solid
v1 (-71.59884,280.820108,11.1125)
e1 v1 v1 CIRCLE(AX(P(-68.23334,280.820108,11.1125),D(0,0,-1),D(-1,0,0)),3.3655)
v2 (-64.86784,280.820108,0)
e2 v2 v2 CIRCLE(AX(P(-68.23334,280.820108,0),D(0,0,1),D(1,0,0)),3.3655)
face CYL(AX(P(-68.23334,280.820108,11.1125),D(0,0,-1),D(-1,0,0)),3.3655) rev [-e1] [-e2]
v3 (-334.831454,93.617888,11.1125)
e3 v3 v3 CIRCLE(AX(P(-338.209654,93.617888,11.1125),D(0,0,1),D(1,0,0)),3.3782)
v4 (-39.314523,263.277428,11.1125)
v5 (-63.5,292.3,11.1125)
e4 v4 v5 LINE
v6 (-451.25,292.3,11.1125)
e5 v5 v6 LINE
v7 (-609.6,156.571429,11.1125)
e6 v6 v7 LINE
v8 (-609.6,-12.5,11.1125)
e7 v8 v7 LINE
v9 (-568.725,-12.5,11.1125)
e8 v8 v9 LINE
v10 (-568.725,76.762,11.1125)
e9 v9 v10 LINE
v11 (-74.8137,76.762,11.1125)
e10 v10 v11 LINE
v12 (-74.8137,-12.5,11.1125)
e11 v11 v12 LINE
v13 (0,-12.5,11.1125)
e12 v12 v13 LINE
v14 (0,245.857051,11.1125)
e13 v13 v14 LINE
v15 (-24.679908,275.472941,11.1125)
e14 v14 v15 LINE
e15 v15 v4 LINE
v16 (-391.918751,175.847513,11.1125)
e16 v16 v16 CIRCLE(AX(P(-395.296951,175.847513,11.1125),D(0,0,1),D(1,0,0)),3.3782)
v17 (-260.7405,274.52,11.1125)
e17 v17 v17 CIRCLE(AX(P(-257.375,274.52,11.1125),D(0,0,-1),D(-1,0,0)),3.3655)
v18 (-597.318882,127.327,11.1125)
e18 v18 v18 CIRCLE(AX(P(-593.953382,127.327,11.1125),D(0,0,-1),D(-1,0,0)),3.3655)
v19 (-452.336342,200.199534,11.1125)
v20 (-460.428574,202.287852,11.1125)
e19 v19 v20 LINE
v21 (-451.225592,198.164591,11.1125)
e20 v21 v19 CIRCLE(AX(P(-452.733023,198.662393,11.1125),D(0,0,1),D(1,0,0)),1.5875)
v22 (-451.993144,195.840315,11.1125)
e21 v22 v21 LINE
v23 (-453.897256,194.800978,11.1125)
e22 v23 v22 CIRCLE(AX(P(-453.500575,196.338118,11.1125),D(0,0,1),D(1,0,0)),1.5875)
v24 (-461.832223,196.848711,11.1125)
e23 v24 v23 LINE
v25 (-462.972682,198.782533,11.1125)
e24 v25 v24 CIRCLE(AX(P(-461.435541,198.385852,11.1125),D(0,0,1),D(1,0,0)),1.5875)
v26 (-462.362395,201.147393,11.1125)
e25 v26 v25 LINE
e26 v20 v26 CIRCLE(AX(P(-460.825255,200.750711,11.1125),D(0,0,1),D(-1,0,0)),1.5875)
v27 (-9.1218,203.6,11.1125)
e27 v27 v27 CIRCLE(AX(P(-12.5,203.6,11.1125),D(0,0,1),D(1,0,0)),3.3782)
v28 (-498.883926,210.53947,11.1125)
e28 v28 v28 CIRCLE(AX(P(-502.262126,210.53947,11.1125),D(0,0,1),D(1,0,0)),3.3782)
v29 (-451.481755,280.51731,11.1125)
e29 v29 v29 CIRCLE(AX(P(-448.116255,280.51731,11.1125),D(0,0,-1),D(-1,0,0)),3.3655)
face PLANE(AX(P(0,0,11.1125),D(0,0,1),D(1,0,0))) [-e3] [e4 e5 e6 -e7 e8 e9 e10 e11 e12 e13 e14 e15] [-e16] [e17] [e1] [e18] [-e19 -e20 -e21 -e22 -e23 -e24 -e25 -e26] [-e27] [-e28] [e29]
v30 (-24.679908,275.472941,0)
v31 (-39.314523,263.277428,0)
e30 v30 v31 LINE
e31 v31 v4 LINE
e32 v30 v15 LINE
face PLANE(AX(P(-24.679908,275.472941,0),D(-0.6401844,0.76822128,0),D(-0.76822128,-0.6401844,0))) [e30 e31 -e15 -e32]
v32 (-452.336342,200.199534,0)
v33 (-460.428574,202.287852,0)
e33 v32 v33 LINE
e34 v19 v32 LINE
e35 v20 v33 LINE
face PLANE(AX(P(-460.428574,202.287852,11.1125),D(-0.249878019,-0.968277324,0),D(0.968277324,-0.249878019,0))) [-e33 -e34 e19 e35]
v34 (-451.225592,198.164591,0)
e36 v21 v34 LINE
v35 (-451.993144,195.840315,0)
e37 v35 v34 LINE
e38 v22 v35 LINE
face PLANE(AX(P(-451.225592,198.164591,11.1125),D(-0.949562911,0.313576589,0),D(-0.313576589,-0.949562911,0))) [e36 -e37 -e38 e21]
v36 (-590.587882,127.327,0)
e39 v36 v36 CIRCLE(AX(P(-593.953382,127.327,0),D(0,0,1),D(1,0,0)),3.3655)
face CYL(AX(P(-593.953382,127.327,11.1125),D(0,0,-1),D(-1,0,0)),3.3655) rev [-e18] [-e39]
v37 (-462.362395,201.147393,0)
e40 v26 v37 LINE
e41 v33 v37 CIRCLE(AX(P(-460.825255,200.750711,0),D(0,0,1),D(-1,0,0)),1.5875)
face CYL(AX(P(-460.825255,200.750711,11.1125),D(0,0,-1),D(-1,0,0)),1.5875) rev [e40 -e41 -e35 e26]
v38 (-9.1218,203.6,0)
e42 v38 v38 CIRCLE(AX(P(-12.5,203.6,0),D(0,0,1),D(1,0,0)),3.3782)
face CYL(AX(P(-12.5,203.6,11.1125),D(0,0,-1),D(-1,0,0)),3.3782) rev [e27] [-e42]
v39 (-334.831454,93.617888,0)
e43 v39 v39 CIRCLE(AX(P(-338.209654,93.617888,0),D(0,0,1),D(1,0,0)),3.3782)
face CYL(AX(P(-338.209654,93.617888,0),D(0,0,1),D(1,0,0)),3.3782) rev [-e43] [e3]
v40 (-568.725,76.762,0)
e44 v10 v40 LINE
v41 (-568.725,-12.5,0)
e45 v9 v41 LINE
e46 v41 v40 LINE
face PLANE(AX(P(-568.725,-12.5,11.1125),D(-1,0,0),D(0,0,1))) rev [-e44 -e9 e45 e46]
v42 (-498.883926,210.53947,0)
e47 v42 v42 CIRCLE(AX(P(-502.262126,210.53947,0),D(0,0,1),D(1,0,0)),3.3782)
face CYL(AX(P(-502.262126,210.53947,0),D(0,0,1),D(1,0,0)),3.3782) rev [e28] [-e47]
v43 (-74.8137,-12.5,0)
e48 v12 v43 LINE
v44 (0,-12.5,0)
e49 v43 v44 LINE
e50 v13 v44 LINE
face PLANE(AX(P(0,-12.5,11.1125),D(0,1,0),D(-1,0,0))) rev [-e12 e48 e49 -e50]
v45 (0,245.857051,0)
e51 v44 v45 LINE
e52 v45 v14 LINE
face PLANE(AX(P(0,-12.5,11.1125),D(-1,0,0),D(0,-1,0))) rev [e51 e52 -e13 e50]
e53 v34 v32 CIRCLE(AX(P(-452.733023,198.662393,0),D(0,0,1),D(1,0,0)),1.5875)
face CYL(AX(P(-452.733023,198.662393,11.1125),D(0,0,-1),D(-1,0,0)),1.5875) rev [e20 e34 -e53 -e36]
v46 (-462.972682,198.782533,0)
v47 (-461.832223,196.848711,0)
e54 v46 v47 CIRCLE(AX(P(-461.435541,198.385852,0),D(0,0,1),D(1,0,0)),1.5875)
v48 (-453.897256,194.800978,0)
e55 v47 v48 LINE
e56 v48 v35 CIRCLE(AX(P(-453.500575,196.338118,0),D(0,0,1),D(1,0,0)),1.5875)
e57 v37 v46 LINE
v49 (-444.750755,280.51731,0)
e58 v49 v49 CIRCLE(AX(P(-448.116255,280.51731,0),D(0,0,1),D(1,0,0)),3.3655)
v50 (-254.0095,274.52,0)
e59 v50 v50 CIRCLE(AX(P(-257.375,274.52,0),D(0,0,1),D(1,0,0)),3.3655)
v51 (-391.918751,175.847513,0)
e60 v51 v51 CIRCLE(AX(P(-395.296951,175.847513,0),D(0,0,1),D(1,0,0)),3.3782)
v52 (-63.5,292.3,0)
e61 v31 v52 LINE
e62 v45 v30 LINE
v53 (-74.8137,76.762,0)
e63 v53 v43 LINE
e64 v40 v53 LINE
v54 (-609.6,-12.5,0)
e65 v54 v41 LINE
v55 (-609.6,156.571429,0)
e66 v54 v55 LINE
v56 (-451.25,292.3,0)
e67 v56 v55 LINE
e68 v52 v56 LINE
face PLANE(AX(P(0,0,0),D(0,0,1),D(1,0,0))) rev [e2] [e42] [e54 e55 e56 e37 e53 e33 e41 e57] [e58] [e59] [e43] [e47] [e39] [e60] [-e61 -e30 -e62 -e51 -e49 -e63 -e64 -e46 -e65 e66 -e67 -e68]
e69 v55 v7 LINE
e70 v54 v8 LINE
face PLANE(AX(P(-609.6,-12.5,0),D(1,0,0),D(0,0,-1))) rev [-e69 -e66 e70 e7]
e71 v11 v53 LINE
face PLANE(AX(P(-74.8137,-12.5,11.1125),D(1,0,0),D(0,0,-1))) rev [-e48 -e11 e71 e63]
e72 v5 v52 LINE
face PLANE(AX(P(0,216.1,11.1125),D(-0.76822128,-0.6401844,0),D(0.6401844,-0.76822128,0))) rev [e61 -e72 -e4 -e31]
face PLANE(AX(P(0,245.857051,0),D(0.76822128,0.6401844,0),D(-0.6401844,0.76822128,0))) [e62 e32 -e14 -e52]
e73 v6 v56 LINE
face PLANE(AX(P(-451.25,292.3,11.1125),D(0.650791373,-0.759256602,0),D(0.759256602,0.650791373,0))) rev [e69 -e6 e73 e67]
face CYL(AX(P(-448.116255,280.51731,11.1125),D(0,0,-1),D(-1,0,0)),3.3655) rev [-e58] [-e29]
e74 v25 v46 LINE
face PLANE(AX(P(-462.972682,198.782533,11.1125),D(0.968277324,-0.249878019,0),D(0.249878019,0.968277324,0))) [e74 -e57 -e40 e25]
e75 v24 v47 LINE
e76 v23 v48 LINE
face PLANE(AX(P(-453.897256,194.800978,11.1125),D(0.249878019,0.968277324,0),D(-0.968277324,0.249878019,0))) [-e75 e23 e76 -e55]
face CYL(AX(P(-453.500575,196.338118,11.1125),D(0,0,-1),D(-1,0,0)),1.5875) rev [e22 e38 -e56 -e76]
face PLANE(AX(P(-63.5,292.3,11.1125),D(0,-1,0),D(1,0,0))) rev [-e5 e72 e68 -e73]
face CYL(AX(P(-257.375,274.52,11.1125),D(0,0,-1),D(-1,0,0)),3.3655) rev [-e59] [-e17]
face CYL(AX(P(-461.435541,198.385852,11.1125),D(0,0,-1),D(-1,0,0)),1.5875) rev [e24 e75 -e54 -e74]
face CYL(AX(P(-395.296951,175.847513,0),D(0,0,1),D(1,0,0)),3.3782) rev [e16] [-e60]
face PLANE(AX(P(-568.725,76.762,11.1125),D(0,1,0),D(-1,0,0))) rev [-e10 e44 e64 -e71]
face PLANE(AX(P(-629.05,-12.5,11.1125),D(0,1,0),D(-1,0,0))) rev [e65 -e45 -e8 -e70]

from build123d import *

# Parameters (mm, degrees)
SKETCH1_R               = 3.3782
BOSS_EXTRUDE1_DEPTH     = 11.1125
SKETCH2_R               = 3.3655
CUT_EXTRUDE1_DEPTH      = 422.26425461
SKETCH3_R               = 3.3655
CUT_EXTRUDE2_DEPTH      = 422.154164722
SKETCH4_R               = 3.3655
CUT_EXTRUDE3_DEPTH      = 422.154164722
SKETCH5_R               = 3.3655
CUT_EXTRUDE4_DEPTH      = 422.154164722
CUT_EXTRUDE5_DEPTH      = 422.369531068
CUT_EXTRUDE5_DEPTH_BACK = 422.369531068
SKETCH6_R               = 3.3782
SKETCH7_W               = 19.45
SKETCH7_H               = 169.071428571
CUT_EXTRUDE6_DEPTH      = 694.733868394
BOSS_EXTRUDE2_DEPTH     = 11.1125


with BuildPart() as part:
    # Sketch1 → Boss-Extrude1 (new body)
    with BuildSketch(Plane.XY):
        Polygon((-629.05, -12.5), (-568.725, -12.5), (-568.725, 76.762), (-74.813700004, 76.762), (-74.813700004, -12.5), (0, -12.5), (0, 216.1), (-63.5, 292.3), (-451.25, 292.3), (-629.05, 139.9), align=None)
        with Locations((-12.5, 203.6)):
            Circle(SKETCH1_R, mode=Mode.SUBTRACT)
        with BuildLine():
            Line((-460.428573591, 202.287851535), (-452.336342065, 200.199533722))
            ThreePointArc((-452.336342065, 200.199533722), (-451.339589022, 199.42298326), (-451.225592299, 198.164590635))
            Line((-451.225592299, 198.164590635), (-451.993143659, 195.840315389))
            ThreePointArc((-451.993143659, 195.840315389), (-452.739984992, 194.944683826), (-453.897256136, 194.800977973))
            Line((-453.897256136, 194.800977973), (-461.832222689, 196.848711278))
            ThreePointArc((-461.832222689, 196.848711278), (-462.802959706, 197.57942531), (-462.972681585, 198.782532884))
            Line((-462.972681585, 198.782532884), (-462.362395197, 201.147392639))
            ThreePointArc((-462.362395197, 201.147392639), (-461.631681165, 202.118129655), (-460.428573591, 202.287851535))
        make_face(mode=Mode.SUBTRACT)
    extrude(amount=BOSS_EXTRUDE1_DEPTH)

    # Sketch2 → Cut-Extrude1 (cut, through all)
    with BuildSketch(Plane(origin=(-305, 23.6125, -5.08), x_dir=(-1, 0, 0), z_dir=(0, 0, -1))):
        with Locations((288.9533823, 103.7145)):
            Circle(SKETCH2_R)
    extrude(amount=-CUT_EXTRUDE1_DEPTH, mode=Mode.SUBTRACT)

    # Sketch3 → Cut-Extrude2 (cut, through all)
    with BuildSketch(Plane(origin=(-305, 23.6125, -1.905), x_dir=(-1, 0, 0), z_dir=(0, 0, -1))):
        with Locations((143.116254523, 256.904809604)):
            Circle(SKETCH3_R)
    extrude(amount=-CUT_EXTRUDE2_DEPTH, mode=Mode.SUBTRACT)

    # Sketch4 → Cut-Extrude3 (cut, through all)
    with BuildSketch(Plane(origin=(-305, 23.6125, -1.905), x_dir=(-1, 0, 0), z_dir=(0, 0, -1))):
        with Locations((-47.625, 250.9075)):
            Circle(SKETCH4_R)
    extrude(amount=-CUT_EXTRUDE3_DEPTH, mode=Mode.SUBTRACT)

    # Sketch5 → Cut-Extrude4 (cut, through all)
    with BuildSketch(Plane(origin=(-305, 23.6125, -1.905), x_dir=(-1, 0, 0), z_dir=(0, 0, -1))):
        with Locations((-236.766660116, 257.207608298)):
            Circle(SKETCH5_R)
    extrude(amount=-CUT_EXTRUDE4_DEPTH, mode=Mode.SUBTRACT)

    # Sketch6 → Cut-Extrude5 (cut, two sides: drawn at the far end of the back side and taken through both)
    with BuildSketch(Plane(origin=(-305, 23.6125, 18.7325), x_dir=(1, 0, 0), z_dir=(0, 0, 1)).offset(-CUT_EXTRUDE5_DEPTH_BACK)):
        with Locations((-197.262125611, 186.926969688)):
            Circle(SKETCH6_R)
        with Locations((-33.209654284, 70.005387803)):
            Circle(SKETCH6_R)
        with Locations((-90.296950895, 152.235012548)):
            Circle(SKETCH6_R)
    extrude(amount=CUT_EXTRUDE5_DEPTH + CUT_EXTRUDE5_DEPTH_BACK, mode=Mode.SUBTRACT)

    # Sketch7 → Cut-Extrude6 (cut, through all)
    with BuildSketch(Plane.XY.offset(11.1125)):
        with Locations((-619.325, 72.035714286)):
            Rectangle(SKETCH7_W, SKETCH7_H)
    extrude(amount=-CUT_EXTRUDE6_DEPTH, mode=Mode.SUBTRACT)

    # Sketch9 → Boss-Extrude2 (add)
    with BuildSketch(Plane.XY.offset(11.1125)):
        Polygon((0, 216.1), (0, 245.857051265), (-24.6799078, 275.472940625), (-39.314523176, 263.277427812), align=None)
    extrude(amount=-BOSS_EXTRUDE2_DEPTH)


solid = part.part
